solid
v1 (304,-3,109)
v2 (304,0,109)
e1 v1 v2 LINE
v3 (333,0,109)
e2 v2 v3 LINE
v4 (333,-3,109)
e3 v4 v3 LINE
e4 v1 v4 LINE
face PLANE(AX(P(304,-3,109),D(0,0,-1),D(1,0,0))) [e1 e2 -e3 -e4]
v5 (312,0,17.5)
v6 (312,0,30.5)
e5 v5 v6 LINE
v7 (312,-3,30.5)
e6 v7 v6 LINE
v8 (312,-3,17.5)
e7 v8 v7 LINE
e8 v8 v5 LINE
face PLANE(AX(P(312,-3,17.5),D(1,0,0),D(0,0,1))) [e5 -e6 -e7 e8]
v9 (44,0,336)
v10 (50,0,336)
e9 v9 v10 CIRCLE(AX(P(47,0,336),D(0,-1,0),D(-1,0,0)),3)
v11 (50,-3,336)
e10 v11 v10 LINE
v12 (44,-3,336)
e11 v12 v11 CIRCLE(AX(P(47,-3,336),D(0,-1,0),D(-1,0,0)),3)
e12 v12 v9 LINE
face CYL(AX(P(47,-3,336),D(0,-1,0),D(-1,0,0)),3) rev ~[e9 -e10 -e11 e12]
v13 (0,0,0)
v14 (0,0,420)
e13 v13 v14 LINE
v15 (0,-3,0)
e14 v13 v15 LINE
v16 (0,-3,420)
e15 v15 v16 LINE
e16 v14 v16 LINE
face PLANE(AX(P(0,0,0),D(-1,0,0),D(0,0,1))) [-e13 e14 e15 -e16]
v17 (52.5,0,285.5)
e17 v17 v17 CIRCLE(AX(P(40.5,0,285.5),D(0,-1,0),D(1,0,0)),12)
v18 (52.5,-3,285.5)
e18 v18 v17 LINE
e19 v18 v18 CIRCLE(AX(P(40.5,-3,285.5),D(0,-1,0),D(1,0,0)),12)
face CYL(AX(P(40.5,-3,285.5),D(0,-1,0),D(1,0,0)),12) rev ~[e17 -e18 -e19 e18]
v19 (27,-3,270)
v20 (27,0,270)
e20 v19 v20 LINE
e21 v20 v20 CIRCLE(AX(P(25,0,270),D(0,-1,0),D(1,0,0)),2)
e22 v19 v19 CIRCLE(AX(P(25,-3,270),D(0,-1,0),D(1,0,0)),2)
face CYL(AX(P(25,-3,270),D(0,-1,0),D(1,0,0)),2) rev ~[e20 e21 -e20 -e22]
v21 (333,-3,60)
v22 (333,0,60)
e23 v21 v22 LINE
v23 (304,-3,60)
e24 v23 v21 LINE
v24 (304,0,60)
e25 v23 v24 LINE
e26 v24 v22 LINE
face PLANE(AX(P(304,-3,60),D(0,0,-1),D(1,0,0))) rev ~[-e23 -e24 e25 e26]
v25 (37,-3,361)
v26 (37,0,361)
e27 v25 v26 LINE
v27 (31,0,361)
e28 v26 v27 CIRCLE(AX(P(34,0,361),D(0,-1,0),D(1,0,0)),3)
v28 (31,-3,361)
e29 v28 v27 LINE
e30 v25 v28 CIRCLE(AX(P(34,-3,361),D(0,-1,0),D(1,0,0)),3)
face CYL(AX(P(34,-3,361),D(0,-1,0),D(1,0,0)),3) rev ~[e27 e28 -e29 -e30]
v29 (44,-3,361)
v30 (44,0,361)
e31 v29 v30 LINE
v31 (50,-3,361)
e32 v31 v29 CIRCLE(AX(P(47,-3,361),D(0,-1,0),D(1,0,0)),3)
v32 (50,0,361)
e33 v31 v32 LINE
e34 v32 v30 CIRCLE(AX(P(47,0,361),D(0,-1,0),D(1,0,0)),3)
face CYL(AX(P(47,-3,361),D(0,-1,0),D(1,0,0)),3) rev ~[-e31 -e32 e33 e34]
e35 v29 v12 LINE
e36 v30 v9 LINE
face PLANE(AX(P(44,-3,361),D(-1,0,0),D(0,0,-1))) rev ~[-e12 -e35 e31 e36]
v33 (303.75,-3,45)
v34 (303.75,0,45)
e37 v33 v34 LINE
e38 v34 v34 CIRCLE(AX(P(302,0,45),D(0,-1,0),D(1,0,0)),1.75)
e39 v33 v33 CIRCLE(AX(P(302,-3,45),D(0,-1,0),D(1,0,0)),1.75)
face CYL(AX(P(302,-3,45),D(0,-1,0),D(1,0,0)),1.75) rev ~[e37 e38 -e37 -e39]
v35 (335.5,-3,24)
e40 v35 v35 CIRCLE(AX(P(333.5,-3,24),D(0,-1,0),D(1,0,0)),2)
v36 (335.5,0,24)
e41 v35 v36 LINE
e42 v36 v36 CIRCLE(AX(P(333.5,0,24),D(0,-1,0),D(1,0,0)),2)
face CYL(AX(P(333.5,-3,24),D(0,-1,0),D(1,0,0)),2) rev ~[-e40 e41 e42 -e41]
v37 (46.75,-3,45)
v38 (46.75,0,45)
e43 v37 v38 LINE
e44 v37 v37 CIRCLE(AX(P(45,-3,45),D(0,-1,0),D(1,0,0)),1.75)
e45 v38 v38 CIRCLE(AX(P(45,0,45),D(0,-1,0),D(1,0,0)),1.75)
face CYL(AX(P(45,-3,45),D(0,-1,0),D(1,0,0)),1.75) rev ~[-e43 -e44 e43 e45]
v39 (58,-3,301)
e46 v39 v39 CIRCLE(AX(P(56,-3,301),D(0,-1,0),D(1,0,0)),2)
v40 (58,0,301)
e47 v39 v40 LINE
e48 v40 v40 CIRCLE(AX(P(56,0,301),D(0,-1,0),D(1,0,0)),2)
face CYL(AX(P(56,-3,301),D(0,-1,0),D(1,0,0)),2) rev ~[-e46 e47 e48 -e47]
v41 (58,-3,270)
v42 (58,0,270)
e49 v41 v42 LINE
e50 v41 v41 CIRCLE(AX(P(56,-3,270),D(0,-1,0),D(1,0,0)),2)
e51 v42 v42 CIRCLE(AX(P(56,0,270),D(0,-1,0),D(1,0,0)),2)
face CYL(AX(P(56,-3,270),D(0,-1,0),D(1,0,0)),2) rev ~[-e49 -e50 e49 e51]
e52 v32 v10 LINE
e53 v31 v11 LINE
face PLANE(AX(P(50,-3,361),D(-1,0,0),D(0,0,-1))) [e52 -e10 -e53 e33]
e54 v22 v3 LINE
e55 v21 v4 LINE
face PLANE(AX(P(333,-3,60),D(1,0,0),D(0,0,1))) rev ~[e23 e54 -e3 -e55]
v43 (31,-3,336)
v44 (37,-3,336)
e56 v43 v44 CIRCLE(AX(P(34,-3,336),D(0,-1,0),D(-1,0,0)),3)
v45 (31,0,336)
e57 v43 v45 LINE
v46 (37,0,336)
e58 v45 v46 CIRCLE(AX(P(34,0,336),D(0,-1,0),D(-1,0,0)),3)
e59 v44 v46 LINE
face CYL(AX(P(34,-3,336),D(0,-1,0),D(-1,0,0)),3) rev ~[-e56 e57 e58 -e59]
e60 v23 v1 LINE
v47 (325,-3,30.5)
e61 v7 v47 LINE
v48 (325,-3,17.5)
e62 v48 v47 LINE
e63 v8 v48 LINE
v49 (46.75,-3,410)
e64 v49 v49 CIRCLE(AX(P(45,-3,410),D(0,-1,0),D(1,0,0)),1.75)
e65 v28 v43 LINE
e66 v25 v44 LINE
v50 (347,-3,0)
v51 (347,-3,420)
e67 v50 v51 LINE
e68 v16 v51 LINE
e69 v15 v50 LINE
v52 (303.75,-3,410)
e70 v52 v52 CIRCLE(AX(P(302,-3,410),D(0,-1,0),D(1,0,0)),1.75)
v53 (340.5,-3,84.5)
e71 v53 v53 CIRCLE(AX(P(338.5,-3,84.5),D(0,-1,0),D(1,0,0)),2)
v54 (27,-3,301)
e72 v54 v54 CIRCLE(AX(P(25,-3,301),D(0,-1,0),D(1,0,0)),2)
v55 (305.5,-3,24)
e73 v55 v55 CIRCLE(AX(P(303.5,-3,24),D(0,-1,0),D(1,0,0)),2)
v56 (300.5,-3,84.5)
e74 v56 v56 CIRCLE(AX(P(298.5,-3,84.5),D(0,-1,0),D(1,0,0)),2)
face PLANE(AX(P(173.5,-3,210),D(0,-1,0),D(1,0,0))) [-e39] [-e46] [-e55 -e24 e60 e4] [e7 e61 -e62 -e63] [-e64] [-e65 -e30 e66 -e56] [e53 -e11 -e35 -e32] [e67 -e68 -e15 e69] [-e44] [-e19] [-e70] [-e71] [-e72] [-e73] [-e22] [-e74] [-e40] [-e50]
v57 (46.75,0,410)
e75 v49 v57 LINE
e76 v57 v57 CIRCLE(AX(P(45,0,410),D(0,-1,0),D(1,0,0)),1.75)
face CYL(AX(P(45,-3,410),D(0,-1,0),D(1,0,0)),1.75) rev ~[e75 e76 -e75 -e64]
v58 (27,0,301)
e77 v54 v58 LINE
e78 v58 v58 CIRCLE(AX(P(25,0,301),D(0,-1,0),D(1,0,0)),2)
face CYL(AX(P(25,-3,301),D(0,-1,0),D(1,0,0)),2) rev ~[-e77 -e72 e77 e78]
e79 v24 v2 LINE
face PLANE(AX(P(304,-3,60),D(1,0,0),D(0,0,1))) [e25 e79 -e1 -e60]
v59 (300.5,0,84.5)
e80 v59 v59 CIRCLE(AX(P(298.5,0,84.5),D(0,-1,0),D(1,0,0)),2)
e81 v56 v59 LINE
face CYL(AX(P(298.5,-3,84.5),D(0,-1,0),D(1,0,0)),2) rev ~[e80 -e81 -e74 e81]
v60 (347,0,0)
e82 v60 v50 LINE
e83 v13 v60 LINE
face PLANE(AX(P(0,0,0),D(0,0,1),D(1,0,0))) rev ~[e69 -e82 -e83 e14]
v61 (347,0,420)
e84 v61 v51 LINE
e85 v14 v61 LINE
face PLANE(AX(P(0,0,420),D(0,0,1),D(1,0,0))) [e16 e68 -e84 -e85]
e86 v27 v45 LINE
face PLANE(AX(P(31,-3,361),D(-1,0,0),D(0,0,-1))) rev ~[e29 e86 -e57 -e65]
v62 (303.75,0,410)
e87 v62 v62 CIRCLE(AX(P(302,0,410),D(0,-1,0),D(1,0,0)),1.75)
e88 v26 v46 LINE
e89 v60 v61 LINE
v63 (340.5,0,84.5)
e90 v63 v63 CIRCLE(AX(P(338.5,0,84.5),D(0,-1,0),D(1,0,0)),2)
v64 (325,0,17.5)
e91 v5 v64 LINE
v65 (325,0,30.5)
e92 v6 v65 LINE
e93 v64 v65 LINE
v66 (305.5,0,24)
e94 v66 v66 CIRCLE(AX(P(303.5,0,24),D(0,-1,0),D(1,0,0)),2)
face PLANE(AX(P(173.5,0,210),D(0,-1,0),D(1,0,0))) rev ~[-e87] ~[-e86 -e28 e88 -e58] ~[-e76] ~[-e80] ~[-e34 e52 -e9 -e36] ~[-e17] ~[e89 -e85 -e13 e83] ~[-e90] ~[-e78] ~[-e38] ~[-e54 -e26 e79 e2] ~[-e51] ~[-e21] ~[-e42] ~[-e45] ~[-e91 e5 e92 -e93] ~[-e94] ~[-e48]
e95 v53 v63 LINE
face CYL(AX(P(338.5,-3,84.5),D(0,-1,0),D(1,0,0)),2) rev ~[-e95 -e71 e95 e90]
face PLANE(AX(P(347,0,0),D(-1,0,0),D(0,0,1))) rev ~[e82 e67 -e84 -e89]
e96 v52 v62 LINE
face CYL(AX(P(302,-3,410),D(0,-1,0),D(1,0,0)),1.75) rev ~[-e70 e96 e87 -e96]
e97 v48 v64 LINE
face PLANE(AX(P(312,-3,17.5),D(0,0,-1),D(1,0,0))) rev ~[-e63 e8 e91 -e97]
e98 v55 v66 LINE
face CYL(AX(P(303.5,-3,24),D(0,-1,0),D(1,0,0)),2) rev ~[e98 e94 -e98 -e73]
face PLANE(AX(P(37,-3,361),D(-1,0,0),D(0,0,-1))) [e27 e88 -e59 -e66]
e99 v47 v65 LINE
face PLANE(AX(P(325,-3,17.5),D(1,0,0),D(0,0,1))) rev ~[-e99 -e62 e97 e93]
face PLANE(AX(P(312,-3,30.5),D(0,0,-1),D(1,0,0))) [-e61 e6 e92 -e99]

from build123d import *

# Parameters (mm, degrees)
SKETCH_W        = 347
SKETCH_H        = 420
PAD_DEPTH       = 3
SKETCH001_R     = 1.75
POCKET_DEPTH    = 3.001
SKETCH002_R     = 2
SKETCH002_R_2   = 12
POCKET001_DEPTH = 5
SKETCH003_R     = 2
SKETCH003_W     = 29
SKETCH003_H     = 49
SKETCH003_W_2   = 13
SKETCH003_H_2   = 13
POCKET002_DEPTH = 3.001


with BuildPart() as part:
    # Sketch → Pad (new body)
    with BuildSketch(Plane.XZ):
        with Locations((173.5, 210)):
            Rectangle(SKETCH_W, SKETCH_H)
    extrude(amount=PAD_DEPTH)

    # Sketch001 (on Face6 of Pad) → Pocket (cut, through all)
    with BuildSketch(Plane.XZ.offset(3)):
        with Locations((45, 45)):
            Circle(SKETCH001_R)
        with Locations((302, 45)):
            Circle(SKETCH001_R)
        with Locations((302, 410)):
            Circle(SKETCH001_R)
        with Locations((45, 410)):
            Circle(SKETCH001_R)
    extrude(amount=-POCKET_DEPTH, mode=Mode.SUBTRACT)

    # Sketch002 (on Face5 of Pocket) → Pocket001 (cut)
    with BuildSketch(Plane.XZ.offset(3)):
        with Locations((25, 301)):
            Circle(SKETCH002_R)
        with Locations((25, 270)):
            Circle(SKETCH002_R)
        with Locations((56, 270)):
            Circle(SKETCH002_R)
        with Locations((56, 301)):
            Circle(SKETCH002_R)
        with Locations((40.5, 285.5)):
            Circle(SKETCH002_R_2)
        with BuildLine():
            ThreePointArc((37, 361), (34, 364), (31, 361))
            Line((31, 361), (31, 336))
            ThreePointArc((31, 336), (34, 333), (37, 336))
            Line((37, 361), (37, 336))
        make_face()
        with BuildLine():
            ThreePointArc((50, 361), (47, 364), (44, 361))
            Line((44, 361), (44, 336))
            ThreePointArc((44, 336), (47, 333), (50, 336))
            Line((50, 361), (50, 336))
        make_face()
    extrude(amount=-POCKET001_DEPTH, mode=Mode.SUBTRACT)

    # Sketch003 (on Face5 of Pocket001) → Pocket002 (cut, through all)
    with BuildSketch(Plane.XZ.offset(3)):
        with Locations((298.5, 84.5)):
            Circle(SKETCH003_R)
        with Locations((338.5, 84.5)):
            Circle(SKETCH003_R)
        with Locations((303.5, 24)):
            Circle(SKETCH003_R)
        with Locations((333.5, 24)):
            Circle(SKETCH003_R)
        with Locations((318.5, 84.5)):
            Rectangle(SKETCH003_W, SKETCH003_H)
        with Locations((318.5, 24)):
            Rectangle(SKETCH003_W_2, SKETCH003_H_2)
    extrude(amount=-POCKET002_DEPTH, mode=Mode.SUBTRACT)


solid = part.part
